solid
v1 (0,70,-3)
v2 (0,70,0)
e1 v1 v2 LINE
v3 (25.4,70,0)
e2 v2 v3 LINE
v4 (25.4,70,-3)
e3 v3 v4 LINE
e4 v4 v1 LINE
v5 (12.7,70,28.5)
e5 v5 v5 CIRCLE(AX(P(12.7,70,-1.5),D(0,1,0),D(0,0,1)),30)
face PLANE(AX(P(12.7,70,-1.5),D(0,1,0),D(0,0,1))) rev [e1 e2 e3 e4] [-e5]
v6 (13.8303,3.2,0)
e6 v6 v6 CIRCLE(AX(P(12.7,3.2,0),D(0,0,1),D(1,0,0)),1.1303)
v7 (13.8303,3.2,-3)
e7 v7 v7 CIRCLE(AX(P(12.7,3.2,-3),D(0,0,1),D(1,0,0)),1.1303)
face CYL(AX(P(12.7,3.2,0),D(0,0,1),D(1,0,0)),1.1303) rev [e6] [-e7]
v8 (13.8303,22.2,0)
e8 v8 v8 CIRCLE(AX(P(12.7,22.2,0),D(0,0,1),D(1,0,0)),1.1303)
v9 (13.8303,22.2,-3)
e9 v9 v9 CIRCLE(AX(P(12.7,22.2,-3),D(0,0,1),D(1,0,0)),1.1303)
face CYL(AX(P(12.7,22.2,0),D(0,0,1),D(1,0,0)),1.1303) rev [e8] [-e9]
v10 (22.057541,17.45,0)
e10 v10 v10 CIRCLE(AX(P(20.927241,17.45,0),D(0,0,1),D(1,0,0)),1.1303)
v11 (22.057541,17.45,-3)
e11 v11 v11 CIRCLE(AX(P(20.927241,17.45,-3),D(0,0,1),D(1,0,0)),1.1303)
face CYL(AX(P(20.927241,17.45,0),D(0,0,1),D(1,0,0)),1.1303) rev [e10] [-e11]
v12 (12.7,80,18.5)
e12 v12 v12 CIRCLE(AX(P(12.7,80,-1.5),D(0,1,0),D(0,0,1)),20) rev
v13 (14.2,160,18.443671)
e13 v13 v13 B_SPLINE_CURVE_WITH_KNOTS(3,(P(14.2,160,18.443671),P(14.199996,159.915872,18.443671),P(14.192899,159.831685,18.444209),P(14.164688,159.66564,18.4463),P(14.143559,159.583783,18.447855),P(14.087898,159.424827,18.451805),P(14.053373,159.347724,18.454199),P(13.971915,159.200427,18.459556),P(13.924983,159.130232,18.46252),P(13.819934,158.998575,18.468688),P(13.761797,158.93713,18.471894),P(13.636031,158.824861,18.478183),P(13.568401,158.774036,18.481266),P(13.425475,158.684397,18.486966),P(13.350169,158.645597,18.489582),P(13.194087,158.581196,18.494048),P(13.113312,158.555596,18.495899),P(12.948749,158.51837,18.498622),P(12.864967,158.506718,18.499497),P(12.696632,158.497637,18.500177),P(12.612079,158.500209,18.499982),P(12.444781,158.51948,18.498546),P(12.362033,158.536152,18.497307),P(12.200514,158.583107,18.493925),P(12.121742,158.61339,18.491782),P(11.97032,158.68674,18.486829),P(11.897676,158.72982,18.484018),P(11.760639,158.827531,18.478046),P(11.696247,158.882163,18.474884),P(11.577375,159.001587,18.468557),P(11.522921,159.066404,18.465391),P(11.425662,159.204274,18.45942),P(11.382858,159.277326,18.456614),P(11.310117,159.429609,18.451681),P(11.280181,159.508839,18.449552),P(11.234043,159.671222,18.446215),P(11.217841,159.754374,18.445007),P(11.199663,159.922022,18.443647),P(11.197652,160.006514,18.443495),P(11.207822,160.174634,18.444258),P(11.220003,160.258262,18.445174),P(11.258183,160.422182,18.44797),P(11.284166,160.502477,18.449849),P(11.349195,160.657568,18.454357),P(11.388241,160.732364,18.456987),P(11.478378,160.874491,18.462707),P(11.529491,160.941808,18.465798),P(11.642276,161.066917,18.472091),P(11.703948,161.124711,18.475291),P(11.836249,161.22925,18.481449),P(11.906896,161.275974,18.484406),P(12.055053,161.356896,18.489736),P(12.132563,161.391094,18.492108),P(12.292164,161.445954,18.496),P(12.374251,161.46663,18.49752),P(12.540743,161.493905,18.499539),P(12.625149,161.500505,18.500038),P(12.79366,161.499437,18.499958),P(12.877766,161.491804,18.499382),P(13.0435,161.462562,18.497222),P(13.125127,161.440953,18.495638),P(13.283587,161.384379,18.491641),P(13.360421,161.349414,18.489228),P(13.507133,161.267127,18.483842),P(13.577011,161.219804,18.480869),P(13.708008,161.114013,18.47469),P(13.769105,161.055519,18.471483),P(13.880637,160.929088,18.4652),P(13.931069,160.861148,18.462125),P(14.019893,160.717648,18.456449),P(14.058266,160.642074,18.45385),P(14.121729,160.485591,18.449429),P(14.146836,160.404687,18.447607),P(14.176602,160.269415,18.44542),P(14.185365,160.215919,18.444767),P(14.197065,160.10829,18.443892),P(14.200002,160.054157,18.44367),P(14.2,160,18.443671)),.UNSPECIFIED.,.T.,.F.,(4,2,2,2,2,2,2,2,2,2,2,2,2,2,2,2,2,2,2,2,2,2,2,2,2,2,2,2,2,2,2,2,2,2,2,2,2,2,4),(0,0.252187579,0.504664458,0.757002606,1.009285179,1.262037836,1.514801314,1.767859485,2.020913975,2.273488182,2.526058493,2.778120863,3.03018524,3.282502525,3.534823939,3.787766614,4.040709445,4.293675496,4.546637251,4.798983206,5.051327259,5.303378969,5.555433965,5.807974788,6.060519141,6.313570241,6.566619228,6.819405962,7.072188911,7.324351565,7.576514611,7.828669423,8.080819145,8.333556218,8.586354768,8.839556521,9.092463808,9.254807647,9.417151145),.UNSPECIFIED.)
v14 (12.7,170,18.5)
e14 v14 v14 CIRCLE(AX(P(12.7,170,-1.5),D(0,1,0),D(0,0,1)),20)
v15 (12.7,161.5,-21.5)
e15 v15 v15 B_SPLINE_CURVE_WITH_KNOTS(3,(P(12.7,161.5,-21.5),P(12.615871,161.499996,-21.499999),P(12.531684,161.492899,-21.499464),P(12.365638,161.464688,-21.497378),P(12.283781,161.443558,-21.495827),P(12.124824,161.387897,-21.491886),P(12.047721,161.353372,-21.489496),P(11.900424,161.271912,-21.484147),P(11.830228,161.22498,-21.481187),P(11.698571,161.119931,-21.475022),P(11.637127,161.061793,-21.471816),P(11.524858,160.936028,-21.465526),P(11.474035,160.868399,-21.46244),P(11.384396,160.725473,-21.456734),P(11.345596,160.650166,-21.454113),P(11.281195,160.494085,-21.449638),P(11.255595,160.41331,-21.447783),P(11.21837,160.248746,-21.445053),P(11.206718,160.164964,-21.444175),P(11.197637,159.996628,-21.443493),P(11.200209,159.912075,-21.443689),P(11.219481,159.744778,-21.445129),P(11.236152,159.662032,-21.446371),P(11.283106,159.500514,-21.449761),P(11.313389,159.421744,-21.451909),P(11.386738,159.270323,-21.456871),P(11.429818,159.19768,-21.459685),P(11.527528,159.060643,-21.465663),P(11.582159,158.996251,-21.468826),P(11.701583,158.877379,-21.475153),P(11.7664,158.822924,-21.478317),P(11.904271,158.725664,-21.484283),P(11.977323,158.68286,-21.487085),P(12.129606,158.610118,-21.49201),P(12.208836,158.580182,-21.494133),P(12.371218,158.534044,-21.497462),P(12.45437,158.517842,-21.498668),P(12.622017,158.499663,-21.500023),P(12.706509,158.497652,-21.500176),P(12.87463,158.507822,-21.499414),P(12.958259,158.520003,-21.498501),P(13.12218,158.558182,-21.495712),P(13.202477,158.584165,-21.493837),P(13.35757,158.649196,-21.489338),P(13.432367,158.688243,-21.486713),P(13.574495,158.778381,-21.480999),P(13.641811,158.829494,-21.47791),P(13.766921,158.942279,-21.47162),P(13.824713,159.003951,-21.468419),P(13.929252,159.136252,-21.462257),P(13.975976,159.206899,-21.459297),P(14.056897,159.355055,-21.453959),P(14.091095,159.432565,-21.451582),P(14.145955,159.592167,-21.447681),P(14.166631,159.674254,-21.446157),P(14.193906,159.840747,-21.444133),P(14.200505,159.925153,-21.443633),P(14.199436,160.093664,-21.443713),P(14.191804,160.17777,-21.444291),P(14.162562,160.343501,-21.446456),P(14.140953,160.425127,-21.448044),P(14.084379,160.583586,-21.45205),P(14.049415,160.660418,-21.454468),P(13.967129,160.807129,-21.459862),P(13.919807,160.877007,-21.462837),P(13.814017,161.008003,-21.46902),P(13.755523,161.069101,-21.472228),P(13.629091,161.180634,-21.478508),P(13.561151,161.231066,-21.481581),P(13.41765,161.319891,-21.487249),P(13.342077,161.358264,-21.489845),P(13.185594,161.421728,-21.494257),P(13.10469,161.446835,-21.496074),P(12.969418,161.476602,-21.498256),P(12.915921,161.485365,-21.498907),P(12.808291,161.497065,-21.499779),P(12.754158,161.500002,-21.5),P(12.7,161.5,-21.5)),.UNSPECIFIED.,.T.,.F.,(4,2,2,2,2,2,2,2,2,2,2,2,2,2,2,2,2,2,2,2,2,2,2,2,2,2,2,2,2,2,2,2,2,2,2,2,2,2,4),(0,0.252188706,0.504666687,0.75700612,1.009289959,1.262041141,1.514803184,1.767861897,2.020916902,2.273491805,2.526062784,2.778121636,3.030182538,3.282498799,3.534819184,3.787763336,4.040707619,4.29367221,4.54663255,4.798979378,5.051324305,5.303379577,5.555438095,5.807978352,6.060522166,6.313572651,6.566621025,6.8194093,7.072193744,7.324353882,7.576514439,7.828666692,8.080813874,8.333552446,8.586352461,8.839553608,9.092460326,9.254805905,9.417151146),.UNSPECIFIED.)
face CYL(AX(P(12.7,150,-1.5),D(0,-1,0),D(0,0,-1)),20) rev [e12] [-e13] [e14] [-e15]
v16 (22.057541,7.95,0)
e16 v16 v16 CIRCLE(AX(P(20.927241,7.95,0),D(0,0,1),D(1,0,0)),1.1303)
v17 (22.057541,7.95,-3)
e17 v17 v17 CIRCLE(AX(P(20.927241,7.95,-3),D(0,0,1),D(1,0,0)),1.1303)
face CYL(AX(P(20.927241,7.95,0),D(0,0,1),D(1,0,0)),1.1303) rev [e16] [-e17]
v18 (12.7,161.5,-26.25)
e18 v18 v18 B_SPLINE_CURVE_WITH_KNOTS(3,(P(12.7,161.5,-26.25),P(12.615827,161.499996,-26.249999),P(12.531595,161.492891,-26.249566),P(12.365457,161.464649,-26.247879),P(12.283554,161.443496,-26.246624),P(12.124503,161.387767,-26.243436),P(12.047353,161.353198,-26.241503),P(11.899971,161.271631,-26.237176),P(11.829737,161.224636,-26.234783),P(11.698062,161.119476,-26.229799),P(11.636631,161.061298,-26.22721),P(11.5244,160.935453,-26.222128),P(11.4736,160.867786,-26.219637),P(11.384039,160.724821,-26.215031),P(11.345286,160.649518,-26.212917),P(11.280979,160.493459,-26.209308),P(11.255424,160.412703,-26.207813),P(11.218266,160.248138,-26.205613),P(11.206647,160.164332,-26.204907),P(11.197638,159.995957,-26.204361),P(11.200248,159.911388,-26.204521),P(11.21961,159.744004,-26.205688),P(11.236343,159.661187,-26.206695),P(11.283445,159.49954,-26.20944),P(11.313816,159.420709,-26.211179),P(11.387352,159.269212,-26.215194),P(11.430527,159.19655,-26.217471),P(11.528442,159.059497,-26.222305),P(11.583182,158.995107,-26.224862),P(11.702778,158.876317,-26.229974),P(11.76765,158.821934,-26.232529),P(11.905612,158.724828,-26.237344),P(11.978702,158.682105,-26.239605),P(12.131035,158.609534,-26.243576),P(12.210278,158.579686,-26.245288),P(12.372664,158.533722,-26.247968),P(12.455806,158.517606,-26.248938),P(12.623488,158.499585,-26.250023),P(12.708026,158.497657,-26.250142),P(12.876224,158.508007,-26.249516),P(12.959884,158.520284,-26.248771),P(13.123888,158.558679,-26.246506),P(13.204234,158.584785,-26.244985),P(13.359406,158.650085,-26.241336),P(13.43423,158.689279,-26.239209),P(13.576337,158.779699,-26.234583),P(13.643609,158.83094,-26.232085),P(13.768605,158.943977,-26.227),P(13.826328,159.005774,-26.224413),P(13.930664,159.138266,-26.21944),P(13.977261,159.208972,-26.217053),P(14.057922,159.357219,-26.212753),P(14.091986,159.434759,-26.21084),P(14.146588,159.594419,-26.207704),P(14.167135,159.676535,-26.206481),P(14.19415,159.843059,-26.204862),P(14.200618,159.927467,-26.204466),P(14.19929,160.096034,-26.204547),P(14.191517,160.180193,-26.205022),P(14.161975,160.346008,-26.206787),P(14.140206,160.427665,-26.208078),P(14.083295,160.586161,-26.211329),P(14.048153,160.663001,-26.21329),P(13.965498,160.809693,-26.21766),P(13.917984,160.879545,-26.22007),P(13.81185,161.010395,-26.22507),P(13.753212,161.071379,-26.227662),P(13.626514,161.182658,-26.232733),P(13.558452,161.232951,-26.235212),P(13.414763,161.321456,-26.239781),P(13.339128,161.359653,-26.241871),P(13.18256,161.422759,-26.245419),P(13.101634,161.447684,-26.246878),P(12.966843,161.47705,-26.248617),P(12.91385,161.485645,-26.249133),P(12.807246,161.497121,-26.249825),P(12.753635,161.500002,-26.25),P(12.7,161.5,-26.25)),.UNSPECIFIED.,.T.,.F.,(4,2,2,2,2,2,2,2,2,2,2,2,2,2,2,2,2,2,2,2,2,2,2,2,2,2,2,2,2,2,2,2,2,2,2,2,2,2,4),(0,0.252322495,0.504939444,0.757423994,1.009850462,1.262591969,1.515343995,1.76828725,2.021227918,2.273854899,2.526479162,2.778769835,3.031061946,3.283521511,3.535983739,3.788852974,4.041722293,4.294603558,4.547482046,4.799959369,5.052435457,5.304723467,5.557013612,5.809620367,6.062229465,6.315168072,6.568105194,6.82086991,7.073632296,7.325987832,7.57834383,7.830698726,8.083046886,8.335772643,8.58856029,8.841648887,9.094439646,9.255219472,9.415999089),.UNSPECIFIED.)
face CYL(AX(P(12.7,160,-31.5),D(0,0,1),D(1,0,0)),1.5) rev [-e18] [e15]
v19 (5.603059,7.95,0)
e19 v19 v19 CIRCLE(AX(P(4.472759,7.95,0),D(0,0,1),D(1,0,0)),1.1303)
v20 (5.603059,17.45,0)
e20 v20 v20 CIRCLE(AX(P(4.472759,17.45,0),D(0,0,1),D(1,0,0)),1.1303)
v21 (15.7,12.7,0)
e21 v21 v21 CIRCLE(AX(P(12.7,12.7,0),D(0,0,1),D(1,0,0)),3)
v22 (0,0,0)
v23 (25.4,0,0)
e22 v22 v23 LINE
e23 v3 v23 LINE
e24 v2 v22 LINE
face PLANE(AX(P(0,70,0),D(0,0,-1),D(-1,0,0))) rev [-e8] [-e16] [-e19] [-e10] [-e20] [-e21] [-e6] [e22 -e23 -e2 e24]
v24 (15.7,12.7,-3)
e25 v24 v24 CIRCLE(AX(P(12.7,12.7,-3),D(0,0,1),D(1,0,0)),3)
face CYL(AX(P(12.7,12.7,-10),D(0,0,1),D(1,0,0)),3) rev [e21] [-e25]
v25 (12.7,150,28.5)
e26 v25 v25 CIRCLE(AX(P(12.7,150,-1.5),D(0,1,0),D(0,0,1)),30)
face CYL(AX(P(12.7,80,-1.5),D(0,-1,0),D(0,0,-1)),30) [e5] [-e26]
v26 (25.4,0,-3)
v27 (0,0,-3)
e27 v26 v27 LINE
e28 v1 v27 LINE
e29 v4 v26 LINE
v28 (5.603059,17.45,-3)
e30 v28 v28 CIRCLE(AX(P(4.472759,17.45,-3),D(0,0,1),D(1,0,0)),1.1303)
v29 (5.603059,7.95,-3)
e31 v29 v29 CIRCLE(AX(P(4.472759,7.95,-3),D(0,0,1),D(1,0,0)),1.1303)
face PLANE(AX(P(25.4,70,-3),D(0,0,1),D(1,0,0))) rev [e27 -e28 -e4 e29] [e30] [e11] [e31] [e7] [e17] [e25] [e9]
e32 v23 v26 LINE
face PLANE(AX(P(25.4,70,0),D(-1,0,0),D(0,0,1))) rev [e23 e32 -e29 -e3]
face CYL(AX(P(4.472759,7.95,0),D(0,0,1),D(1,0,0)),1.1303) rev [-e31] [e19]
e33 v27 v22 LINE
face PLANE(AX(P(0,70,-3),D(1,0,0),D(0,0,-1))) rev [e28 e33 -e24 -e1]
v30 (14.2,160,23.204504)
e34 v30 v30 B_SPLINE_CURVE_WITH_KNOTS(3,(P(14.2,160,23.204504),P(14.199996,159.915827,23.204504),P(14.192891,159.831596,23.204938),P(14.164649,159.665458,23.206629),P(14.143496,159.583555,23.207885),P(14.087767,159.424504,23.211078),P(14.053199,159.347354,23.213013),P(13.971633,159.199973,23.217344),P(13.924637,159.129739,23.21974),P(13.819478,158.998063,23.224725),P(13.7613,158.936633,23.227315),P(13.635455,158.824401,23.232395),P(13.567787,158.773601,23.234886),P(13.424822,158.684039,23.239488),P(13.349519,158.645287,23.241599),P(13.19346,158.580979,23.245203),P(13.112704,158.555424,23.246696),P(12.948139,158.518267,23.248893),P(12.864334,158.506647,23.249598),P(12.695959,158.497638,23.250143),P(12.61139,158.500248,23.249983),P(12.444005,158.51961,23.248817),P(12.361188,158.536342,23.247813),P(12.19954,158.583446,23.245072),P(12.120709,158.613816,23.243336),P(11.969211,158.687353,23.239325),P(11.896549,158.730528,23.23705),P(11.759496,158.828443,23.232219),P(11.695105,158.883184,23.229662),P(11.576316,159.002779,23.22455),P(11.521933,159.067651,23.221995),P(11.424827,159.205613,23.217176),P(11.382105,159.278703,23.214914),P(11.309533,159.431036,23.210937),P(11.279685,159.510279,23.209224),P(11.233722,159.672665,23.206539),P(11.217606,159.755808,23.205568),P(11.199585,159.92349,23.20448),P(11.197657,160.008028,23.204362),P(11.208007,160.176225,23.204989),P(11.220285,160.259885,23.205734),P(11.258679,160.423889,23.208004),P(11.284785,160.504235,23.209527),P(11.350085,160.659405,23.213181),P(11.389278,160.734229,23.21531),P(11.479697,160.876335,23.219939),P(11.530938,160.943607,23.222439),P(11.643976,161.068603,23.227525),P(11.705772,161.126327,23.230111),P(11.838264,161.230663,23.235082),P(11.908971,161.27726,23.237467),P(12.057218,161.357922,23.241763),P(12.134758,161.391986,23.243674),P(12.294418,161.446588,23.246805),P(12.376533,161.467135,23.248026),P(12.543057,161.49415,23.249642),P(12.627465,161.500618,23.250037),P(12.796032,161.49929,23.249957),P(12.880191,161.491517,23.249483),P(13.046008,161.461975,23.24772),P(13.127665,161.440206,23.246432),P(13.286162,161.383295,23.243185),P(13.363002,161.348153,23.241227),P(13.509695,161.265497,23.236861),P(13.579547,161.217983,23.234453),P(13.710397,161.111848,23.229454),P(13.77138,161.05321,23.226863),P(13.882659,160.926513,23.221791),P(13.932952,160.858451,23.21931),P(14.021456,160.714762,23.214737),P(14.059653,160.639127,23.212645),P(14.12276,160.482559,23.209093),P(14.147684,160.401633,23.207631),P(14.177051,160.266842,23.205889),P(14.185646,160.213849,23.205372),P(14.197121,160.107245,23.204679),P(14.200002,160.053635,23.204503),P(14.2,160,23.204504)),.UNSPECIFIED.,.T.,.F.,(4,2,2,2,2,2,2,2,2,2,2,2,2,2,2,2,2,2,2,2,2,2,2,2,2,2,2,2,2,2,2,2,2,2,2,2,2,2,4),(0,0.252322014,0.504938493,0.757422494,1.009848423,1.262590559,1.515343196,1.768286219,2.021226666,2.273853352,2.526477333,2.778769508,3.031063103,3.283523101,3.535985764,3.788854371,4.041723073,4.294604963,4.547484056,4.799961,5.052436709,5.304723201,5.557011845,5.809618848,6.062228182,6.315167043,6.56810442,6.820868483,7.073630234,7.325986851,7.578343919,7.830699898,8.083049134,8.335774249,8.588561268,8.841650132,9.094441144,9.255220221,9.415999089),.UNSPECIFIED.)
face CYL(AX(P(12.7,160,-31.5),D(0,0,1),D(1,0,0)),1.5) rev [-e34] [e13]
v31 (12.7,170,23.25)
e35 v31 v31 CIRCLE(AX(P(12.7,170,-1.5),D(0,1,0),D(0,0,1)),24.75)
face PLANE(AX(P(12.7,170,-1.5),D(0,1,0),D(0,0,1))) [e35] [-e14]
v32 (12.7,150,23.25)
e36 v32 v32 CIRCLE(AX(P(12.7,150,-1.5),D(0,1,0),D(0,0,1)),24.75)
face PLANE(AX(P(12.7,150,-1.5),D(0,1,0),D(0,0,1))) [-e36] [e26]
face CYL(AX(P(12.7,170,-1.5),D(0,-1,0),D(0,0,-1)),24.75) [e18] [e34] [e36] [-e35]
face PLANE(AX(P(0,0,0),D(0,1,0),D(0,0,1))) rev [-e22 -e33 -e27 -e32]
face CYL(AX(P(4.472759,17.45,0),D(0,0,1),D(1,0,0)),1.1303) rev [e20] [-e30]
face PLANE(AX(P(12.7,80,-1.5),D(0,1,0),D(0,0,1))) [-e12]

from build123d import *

# Parameters (mm, degrees)
SKETCH2_W                 = 25.4
SKETCH2_H                 = 3
BOSS_EXTRUDE1_DEPTH       = 70
SKETCH4_R                 = 30
BOSS_EXTRUDE2_DEPTH       = 10
SKETCH5_R                 = 30
SKETCH5_R_2               = 20
BOSS_EXTRUDE3_DEPTH       = 70
SKETCH8_R                 = 24.75
SKETCH8_R_2               = 20
BOSS_EXTRUDE4_DEPTH       = 20
SKETCH9_R                 = 1.5
CUT_EXTRUDE4_DEPTH        = 29.5
CUT_EXTRUDE4_DEPTH_BACK   = 32.5
F_4_40_TAPPED_HOLE1_D     = 2.2606
F_4_40_TAPPED_HOLE1_DEPTH = 7.6
F_4_40_TAPPED_HOLE1_TIP   = 0.679152758
SKETCH3_R                 = 3
CUT_EXTRUDE5_DEPTH        = 10


with BuildPart() as part:
    # Sketch2 → Boss-Extrude1 (new body)
    with BuildSketch(Plane(origin=(0, 0, 0), x_dir=(1, 0, 0), z_dir=(0, 1, 0))):
        with Locations((12.7, 1.5)):
            Rectangle(SKETCH2_W, SKETCH2_H)
    extrude(amount=BOSS_EXTRUDE1_DEPTH)

    # Sketch4 → Boss-Extrude2 (add)
    with BuildSketch(Plane(origin=(0, 70, 0), x_dir=(1, 0, 0), z_dir=(0, 1, 0))):
        with Locations((12.7, 1.5)):
            Circle(SKETCH4_R)
    extrude(amount=BOSS_EXTRUDE2_DEPTH)

    # Sketch5 → Boss-Extrude3 (add)
    with BuildSketch(Plane(origin=(0, 80, 0), x_dir=(1, 0, 0), z_dir=(0, 1, 0))):
        with Locations((12.7, 1.5)):
            Circle(SKETCH5_R)
        with Locations((12.7, 1.5)):
            Circle(SKETCH5_R_2, mode=Mode.SUBTRACT)
    extrude(amount=BOSS_EXTRUDE3_DEPTH)

    # Sketch8 → Boss-Extrude4 (add)
    with BuildSketch(Plane(origin=(0, 150, 0), x_dir=(1, 0, 0), z_dir=(0, 1, 0))):
        with Locations((12.7, 1.5)):
            Circle(SKETCH8_R)
        with Locations((12.7, 1.5)):
            Circle(SKETCH8_R_2, mode=Mode.SUBTRACT)
    extrude(amount=BOSS_EXTRUDE4_DEPTH)

    # Sketch9 → Cut-Extrude4 (cut, two sides)
    with BuildSketch(Plane.XY) as cut_extrude4_sk:
        with Locations((12.7, 160)):
            Circle(SKETCH9_R)
    extrude(amount=CUT_EXTRUDE4_DEPTH, mode=Mode.SUBTRACT)
    extrude(cut_extrude4_sk.sketch, amount=-CUT_EXTRUDE4_DEPTH_BACK, mode=Mode.SUBTRACT)

    # #4-40 Tapped Hole1
    with Locations(Plane.XY):
        with Locations((12.7, 22.2), (20.927241336, 17.45), (20.927241336, 7.95), (12.7, 3.2), (4.472758664, 7.95), (4.472758664, 17.45)):
            Hole(F_4_40_TAPPED_HOLE1_D / 2, depth=F_4_40_TAPPED_HOLE1_DEPTH)
            with Locations((0, 0, -(F_4_40_TAPPED_HOLE1_DEPTH + F_4_40_TAPPED_HOLE1_TIP / 2))):  # 118° drill point
                Cone(0, F_4_40_TAPPED_HOLE1_D / 2, F_4_40_TAPPED_HOLE1_TIP, mode=Mode.SUBTRACT)

    # Sketch3 → Cut-Extrude5 (cut)
    with BuildSketch(Plane.XY):
        with Locations((12.7, 12.7)):
            Circle(SKETCH3_R)
    extrude(amount=-CUT_EXTRUDE5_DEPTH, mode=Mode.SUBTRACT)


solid = part.part
